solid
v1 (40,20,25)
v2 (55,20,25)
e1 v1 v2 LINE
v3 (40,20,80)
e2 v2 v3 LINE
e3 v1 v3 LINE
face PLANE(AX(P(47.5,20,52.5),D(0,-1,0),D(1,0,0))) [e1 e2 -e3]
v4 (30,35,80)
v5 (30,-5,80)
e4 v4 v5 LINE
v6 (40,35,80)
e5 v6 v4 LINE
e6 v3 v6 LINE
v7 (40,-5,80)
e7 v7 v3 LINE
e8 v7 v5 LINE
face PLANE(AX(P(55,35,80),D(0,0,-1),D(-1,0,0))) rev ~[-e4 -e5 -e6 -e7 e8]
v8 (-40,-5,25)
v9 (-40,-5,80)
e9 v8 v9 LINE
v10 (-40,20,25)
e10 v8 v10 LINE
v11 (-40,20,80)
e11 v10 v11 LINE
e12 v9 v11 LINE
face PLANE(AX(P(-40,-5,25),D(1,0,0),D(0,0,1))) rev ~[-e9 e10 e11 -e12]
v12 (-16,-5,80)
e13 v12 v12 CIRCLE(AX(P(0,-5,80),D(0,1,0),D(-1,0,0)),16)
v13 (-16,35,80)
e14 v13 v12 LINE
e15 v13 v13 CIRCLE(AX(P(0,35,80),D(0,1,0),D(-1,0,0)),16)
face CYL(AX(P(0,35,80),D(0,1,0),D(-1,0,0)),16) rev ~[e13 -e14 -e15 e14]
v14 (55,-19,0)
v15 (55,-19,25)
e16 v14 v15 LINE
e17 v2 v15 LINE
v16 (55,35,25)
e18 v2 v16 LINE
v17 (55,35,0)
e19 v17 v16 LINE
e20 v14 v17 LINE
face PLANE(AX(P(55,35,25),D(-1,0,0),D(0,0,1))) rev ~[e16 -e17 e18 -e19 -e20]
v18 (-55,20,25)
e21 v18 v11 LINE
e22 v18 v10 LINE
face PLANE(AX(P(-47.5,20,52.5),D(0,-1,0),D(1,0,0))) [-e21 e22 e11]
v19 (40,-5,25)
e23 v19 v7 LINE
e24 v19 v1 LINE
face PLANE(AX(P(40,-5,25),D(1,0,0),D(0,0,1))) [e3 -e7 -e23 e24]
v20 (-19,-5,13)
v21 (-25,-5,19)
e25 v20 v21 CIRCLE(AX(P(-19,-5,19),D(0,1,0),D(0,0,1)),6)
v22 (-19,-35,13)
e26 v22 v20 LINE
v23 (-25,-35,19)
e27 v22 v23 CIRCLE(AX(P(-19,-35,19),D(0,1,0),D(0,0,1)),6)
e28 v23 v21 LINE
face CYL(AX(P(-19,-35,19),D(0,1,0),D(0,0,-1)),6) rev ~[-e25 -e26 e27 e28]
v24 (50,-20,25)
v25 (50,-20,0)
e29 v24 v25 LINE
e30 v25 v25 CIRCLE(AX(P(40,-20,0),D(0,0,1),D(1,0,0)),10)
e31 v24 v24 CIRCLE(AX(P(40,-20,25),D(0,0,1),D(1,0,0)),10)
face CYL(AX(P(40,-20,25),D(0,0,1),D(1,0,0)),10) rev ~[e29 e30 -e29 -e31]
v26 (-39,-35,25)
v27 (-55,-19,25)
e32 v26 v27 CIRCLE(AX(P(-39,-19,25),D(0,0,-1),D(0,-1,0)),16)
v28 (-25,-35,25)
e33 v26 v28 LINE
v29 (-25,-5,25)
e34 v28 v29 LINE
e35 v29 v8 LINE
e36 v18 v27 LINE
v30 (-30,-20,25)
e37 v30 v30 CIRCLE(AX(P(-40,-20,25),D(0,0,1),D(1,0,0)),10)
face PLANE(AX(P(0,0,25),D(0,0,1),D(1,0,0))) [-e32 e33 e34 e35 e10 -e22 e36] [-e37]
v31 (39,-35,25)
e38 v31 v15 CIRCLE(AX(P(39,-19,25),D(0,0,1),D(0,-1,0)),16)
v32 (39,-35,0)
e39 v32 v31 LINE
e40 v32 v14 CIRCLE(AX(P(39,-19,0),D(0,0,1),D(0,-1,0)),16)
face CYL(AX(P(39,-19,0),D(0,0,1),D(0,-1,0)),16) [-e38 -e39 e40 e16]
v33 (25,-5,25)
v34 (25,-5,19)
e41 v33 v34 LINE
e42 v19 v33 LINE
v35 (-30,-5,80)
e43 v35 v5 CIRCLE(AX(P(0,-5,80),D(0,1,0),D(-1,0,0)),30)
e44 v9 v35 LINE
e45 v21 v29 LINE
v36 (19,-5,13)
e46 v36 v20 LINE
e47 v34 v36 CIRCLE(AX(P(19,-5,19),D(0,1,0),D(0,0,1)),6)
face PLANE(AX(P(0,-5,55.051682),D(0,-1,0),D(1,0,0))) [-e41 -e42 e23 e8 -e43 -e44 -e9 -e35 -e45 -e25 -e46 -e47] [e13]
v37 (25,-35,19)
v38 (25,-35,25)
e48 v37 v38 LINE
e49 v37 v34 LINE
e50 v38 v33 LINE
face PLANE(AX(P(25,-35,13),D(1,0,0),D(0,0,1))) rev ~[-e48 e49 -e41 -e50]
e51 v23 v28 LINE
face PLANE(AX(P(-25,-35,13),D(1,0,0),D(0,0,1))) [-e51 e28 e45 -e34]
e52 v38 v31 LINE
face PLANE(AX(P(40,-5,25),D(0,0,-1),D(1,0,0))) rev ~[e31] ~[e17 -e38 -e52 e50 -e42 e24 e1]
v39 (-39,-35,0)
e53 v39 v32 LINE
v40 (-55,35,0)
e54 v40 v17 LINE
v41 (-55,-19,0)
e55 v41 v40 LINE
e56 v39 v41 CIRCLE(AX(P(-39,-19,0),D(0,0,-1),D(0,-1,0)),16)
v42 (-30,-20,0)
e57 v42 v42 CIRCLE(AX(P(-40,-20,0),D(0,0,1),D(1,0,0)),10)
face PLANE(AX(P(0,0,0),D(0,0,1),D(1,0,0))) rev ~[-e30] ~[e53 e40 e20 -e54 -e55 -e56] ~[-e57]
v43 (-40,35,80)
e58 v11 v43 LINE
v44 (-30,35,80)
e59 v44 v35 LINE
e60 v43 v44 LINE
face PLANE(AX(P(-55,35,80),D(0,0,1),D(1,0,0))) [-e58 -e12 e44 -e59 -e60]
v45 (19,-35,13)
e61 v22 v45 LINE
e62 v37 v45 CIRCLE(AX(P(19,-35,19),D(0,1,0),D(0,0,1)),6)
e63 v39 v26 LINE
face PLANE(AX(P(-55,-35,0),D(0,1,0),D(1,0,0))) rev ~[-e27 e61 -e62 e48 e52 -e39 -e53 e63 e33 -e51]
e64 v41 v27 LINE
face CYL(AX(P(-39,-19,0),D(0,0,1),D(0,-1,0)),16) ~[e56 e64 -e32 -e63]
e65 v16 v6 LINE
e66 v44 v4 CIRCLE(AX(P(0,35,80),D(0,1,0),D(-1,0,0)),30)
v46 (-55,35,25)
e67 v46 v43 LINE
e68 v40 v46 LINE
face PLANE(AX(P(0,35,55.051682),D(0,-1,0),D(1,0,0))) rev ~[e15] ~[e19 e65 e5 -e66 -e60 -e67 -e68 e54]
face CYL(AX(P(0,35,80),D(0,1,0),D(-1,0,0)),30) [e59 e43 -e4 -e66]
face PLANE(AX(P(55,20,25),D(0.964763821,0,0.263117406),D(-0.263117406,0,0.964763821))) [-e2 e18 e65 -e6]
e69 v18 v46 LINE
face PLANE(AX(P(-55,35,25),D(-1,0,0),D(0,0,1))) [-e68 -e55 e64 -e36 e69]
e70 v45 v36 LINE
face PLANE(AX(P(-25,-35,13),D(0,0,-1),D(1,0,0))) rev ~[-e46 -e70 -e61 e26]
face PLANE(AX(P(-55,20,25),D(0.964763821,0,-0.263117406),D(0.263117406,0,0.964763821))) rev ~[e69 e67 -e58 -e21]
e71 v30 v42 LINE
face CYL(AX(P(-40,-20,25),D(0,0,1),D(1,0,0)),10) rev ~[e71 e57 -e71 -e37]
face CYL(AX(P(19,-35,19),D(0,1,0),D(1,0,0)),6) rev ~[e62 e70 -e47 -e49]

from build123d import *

# Parameters (mm, degrees)
SKETCH_W        = 110
SKETCH_H        = 70
PAD_DEPTH       = 25
SKETCH001_W     = 50
SKETCH001_H     = 12
POCKET_DEPTH    = 70.001
PAD001_DEPTH    = 40
SKETCH003_R     = 16
POCKET001_DEPTH = 70.001
SKETCH004_W     = 15
SKETCH004_H     = 55
POCKET002_DEPTH = 25
POCKET003_DEPTH = 15.001
FILLET_R        = 6
FILLET001_R     = 6
FILLET002_R     = 16
SKETCH006_R     = 10
POCKET004_DEPTH = 25.001


with BuildPart() as part:
    # Sketch → Pad (new body)
    with BuildSketch(Plane.XY):
        Rectangle(SKETCH_W, SKETCH_H)
    extrude(amount=PAD_DEPTH)

    # Sketch001 (on Face3 of Pad) → Pocket (cut, through all)
    with BuildSketch(Plane.XZ.offset(35)):
        with Locations((0, 19)):
            Rectangle(SKETCH001_W, SKETCH001_H)
    extrude(amount=-POCKET_DEPTH, mode=Mode.SUBTRACT)

    # Sketch002 (on Face1 of Pocket) → Pad001 (join)
    with BuildSketch(Plane(origin=(0, 35, 0), x_dir=(-1, 0, 0), z_dir=(0, 1, 0))):
        with BuildLine():
            Line((-55, 25), (-55, 80))
            Line((-55, 80), (-30, 80))
            ThreePointArc((30, 80), (0, 110), (-30, 80))
            Line((55, 80), (30, 80))
            Line((55, 25), (55, 80))
            Line((25, 25), (55, 25))
            Line((25, 13), (25, 25))
            Line((-25, 13), (25, 13))
            Line((-25, 25), (-25, 13))
            Line((-55, 25), (-25, 25))
        make_face()
    extrude(amount=-PAD001_DEPTH)

    # Sketch003 (on Face4 of Pad001) → Pocket001 (cut, through all)
    with BuildSketch(Plane(origin=(0, 35, 0), x_dir=(-1, 0, 0), z_dir=(0, 1, 0))):
        with Locations((0, 80)):
            Circle(SKETCH003_R)
    extrude(amount=-POCKET001_DEPTH, mode=Mode.SUBTRACT)

    # Sketch004 (on Face18 of Pocket001) → Pocket002 (cut)
    with BuildSketch(Plane.XZ.offset(5)):
        with Locations((-47.5, 52.5)):
            Rectangle(SKETCH004_W, SKETCH004_H)
        with Locations((47.5, 52.5)):
            Rectangle(SKETCH004_W, SKETCH004_H)
    extrude(amount=-POCKET002_DEPTH, mode=Mode.SUBTRACT)

    # Sketch005 (on Face24 of Pocket002) → Pocket003 (cut, through all)
    with BuildSketch(Plane.XZ.offset(-20)):
        Polygon((-55, 80), (-55, 25), (-40, 80), align=None)
        Polygon((55, 25), (40, 80), (55, 80), align=None)
    extrude(amount=-POCKET003_DEPTH, mode=Mode.SUBTRACT)

    # Fillet
    fillet_edges = [part.edges().sort_by_distance(p)[0] for p in [
        (25, -20, 13),
    ]]
    fillet(fillet_edges, radius=FILLET_R)

    # Fillet001
    fillet001_edges = [part.edges().sort_by_distance(p)[0] for p in [
        (-25, -20, 13),
    ]]
    fillet(fillet001_edges, radius=FILLET001_R)

    # Fillet002
    fillet002_edges = [part.edges().sort_by_distance(p)[0] for p in [
        (-55, -35, 12.5),
        (55, -35, 12.5),
    ]]
    fillet(fillet002_edges, radius=FILLET002_R)

    # Sketch006 (on Face2 of Fillet002) → Pocket004 (cut, through all)
    with BuildSketch(Plane.XY.offset(25)):
        with Locations((-40, -20)):
            Circle(SKETCH006_R)
        with Locations((40, -20)):
            Circle(SKETCH006_R)
    extrude(amount=-POCKET004_DEPTH, mode=Mode.SUBTRACT)


solid = part.part
